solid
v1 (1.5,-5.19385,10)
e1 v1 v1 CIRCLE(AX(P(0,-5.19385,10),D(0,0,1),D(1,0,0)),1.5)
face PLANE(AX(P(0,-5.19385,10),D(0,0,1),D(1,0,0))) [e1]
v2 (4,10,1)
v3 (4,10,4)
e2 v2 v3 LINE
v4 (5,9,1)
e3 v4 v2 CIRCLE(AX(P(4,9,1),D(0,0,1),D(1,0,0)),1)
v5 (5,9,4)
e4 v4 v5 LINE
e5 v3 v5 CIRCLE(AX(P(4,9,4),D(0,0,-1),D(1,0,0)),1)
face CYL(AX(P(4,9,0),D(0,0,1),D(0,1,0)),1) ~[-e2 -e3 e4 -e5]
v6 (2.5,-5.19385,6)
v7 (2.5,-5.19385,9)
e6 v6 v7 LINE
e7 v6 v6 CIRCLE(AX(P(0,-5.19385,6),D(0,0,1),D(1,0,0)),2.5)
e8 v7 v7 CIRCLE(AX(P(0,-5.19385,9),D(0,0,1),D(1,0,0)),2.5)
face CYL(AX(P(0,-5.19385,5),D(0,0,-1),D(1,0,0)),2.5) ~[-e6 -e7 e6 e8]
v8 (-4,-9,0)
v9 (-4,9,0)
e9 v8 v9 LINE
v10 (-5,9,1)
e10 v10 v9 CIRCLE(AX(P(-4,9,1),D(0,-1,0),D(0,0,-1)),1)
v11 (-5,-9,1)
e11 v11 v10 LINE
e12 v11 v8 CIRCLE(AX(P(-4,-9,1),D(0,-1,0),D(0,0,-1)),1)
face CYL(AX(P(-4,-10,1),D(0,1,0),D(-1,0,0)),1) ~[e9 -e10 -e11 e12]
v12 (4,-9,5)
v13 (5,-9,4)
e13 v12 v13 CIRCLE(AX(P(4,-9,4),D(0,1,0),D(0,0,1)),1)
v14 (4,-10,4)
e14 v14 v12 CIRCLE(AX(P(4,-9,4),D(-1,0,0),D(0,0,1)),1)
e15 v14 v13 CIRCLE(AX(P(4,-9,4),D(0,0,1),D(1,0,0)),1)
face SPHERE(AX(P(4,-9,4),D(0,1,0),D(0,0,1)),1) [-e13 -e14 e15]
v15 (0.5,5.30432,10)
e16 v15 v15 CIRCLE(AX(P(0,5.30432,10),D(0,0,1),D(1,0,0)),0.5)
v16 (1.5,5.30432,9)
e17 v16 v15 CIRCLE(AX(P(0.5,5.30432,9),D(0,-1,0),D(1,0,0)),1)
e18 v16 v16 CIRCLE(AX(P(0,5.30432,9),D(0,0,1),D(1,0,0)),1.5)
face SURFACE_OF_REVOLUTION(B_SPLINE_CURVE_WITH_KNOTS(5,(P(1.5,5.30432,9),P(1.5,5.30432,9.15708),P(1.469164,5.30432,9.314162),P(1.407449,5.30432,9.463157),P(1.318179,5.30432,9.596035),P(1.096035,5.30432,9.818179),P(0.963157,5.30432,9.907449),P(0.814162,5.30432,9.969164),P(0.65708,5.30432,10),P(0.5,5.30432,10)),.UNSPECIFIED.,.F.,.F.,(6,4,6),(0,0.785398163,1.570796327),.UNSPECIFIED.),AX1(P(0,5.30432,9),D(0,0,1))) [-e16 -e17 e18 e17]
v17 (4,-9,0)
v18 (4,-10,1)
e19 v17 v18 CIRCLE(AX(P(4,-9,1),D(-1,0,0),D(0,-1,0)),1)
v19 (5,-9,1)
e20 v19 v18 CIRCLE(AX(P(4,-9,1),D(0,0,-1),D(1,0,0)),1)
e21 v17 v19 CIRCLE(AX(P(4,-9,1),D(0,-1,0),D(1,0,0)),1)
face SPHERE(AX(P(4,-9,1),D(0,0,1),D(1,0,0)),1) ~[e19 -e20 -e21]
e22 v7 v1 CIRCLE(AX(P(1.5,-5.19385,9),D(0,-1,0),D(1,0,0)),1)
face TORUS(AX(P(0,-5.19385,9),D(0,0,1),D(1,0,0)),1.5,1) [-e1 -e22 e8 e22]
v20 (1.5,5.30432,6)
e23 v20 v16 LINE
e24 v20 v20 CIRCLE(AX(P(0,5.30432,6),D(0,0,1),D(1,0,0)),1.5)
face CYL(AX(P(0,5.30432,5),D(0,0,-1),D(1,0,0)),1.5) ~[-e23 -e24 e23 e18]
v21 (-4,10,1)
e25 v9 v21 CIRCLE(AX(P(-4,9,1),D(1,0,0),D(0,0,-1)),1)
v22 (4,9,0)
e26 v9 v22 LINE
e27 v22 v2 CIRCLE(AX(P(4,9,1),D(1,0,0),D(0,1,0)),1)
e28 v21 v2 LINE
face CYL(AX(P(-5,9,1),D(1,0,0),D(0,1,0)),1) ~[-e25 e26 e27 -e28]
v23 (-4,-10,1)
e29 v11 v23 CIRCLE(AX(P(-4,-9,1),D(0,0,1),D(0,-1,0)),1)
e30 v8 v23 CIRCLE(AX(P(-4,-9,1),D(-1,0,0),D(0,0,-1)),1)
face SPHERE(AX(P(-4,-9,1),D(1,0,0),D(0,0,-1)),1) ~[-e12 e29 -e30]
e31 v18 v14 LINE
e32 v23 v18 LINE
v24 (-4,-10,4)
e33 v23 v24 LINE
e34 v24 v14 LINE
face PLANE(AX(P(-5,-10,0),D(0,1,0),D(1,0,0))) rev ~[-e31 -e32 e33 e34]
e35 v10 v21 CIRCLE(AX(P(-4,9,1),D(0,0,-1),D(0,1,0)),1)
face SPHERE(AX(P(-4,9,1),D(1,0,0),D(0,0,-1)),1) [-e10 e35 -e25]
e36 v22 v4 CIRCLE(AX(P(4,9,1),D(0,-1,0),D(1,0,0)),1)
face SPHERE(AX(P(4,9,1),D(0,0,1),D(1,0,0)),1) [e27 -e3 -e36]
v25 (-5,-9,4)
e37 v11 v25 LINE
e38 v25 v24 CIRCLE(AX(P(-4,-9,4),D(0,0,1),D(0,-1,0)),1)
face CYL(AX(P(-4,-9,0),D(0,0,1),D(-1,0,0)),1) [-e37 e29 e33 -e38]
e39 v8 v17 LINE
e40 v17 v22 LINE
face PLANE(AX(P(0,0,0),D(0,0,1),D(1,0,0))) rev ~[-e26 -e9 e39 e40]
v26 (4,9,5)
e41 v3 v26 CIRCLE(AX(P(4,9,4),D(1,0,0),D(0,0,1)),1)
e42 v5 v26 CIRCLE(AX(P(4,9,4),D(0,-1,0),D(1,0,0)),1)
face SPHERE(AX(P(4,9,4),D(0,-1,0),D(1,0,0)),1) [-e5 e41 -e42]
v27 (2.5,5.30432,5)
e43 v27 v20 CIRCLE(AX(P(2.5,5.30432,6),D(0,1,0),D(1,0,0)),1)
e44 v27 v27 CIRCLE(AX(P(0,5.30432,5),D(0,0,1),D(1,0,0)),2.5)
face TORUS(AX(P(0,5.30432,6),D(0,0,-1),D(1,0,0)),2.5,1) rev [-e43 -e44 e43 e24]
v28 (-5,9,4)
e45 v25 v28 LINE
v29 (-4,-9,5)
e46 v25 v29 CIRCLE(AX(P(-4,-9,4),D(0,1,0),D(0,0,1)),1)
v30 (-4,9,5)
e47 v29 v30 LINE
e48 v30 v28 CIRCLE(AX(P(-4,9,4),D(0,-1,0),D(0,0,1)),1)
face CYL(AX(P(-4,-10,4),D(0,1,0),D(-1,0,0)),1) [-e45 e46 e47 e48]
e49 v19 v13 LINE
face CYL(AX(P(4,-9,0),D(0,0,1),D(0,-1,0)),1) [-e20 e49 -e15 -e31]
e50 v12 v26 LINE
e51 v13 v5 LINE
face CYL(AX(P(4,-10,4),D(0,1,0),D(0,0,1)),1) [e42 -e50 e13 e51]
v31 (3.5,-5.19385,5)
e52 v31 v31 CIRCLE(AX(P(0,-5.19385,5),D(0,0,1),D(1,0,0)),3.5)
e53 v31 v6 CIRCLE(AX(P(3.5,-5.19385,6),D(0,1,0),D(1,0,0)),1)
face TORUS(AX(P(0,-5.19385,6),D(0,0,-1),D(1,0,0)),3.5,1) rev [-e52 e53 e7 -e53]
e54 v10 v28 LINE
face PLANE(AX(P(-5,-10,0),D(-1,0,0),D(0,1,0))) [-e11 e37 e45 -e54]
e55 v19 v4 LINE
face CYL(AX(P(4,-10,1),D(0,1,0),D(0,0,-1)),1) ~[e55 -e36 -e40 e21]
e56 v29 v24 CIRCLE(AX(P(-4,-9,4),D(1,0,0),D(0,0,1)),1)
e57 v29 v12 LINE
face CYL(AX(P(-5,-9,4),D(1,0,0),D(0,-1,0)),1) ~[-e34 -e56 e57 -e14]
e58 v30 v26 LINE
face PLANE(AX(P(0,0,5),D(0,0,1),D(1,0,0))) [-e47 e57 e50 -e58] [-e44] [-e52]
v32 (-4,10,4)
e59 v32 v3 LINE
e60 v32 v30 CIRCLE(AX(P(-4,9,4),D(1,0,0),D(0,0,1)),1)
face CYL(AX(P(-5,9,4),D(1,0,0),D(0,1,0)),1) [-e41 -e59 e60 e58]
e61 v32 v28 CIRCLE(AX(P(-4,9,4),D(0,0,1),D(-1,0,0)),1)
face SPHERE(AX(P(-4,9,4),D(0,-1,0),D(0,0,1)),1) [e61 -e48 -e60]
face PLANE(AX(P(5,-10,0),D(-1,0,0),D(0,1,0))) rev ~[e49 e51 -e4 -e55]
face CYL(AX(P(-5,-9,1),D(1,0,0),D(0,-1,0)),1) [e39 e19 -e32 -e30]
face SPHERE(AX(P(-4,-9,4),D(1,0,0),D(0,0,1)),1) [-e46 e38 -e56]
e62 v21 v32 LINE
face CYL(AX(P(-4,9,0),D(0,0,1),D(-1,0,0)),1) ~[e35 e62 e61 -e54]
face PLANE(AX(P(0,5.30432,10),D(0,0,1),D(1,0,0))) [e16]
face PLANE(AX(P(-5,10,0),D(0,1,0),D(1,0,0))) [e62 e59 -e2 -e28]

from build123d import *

# Parameters (mm, degrees)
F0_W     = 10
F0_H     = 20
F1_DEPTH = 5
F2_R     = 1.5
F2_R_2   = 2.5
F3_DEPTH = 5
F4_R     = 1


with BuildPart() as f1:
    # F0 (on Top) → F1 (new body)
    with BuildSketch(Plane.XY):
        Rectangle(F0_W, F0_H)
    extrude(amount=F1_DEPTH)

    # F2 (on face) → F3 (join)
    with BuildSketch(Plane.XY.offset(5)):
        with Locations((0, 5.30432)):
            Circle(F2_R)
        with Locations((0, -5.19385)):
            Circle(F2_R_2)
    extrude(amount=F3_DEPTH)

    # F4
    f4_edges = [f1.edges().sort_by_distance(p)[0] for p in [
        (5, 0, 5),
        (0, -10, 5),
        (5, -10, 2.5),
        (5, 10, 2.5),
        (5, 0, 0),
        (-5, 0, 5),
        (0, 10, 5),
        (0, -10, 0),
        (0, 10, 0),
        (-5, 0, 0),
        (-5, -10, 2.5),
        (-5, 10, 2.5),
        (-2.5, -5.19385, 10),
        (-1.5, 5.30432, 10),
        (-1.5, 5.30432, 5),
        (-2.5, -5.19385, 5),
    ]]
    fillet(f4_edges, radius=F4_R)


solid = f1.part
